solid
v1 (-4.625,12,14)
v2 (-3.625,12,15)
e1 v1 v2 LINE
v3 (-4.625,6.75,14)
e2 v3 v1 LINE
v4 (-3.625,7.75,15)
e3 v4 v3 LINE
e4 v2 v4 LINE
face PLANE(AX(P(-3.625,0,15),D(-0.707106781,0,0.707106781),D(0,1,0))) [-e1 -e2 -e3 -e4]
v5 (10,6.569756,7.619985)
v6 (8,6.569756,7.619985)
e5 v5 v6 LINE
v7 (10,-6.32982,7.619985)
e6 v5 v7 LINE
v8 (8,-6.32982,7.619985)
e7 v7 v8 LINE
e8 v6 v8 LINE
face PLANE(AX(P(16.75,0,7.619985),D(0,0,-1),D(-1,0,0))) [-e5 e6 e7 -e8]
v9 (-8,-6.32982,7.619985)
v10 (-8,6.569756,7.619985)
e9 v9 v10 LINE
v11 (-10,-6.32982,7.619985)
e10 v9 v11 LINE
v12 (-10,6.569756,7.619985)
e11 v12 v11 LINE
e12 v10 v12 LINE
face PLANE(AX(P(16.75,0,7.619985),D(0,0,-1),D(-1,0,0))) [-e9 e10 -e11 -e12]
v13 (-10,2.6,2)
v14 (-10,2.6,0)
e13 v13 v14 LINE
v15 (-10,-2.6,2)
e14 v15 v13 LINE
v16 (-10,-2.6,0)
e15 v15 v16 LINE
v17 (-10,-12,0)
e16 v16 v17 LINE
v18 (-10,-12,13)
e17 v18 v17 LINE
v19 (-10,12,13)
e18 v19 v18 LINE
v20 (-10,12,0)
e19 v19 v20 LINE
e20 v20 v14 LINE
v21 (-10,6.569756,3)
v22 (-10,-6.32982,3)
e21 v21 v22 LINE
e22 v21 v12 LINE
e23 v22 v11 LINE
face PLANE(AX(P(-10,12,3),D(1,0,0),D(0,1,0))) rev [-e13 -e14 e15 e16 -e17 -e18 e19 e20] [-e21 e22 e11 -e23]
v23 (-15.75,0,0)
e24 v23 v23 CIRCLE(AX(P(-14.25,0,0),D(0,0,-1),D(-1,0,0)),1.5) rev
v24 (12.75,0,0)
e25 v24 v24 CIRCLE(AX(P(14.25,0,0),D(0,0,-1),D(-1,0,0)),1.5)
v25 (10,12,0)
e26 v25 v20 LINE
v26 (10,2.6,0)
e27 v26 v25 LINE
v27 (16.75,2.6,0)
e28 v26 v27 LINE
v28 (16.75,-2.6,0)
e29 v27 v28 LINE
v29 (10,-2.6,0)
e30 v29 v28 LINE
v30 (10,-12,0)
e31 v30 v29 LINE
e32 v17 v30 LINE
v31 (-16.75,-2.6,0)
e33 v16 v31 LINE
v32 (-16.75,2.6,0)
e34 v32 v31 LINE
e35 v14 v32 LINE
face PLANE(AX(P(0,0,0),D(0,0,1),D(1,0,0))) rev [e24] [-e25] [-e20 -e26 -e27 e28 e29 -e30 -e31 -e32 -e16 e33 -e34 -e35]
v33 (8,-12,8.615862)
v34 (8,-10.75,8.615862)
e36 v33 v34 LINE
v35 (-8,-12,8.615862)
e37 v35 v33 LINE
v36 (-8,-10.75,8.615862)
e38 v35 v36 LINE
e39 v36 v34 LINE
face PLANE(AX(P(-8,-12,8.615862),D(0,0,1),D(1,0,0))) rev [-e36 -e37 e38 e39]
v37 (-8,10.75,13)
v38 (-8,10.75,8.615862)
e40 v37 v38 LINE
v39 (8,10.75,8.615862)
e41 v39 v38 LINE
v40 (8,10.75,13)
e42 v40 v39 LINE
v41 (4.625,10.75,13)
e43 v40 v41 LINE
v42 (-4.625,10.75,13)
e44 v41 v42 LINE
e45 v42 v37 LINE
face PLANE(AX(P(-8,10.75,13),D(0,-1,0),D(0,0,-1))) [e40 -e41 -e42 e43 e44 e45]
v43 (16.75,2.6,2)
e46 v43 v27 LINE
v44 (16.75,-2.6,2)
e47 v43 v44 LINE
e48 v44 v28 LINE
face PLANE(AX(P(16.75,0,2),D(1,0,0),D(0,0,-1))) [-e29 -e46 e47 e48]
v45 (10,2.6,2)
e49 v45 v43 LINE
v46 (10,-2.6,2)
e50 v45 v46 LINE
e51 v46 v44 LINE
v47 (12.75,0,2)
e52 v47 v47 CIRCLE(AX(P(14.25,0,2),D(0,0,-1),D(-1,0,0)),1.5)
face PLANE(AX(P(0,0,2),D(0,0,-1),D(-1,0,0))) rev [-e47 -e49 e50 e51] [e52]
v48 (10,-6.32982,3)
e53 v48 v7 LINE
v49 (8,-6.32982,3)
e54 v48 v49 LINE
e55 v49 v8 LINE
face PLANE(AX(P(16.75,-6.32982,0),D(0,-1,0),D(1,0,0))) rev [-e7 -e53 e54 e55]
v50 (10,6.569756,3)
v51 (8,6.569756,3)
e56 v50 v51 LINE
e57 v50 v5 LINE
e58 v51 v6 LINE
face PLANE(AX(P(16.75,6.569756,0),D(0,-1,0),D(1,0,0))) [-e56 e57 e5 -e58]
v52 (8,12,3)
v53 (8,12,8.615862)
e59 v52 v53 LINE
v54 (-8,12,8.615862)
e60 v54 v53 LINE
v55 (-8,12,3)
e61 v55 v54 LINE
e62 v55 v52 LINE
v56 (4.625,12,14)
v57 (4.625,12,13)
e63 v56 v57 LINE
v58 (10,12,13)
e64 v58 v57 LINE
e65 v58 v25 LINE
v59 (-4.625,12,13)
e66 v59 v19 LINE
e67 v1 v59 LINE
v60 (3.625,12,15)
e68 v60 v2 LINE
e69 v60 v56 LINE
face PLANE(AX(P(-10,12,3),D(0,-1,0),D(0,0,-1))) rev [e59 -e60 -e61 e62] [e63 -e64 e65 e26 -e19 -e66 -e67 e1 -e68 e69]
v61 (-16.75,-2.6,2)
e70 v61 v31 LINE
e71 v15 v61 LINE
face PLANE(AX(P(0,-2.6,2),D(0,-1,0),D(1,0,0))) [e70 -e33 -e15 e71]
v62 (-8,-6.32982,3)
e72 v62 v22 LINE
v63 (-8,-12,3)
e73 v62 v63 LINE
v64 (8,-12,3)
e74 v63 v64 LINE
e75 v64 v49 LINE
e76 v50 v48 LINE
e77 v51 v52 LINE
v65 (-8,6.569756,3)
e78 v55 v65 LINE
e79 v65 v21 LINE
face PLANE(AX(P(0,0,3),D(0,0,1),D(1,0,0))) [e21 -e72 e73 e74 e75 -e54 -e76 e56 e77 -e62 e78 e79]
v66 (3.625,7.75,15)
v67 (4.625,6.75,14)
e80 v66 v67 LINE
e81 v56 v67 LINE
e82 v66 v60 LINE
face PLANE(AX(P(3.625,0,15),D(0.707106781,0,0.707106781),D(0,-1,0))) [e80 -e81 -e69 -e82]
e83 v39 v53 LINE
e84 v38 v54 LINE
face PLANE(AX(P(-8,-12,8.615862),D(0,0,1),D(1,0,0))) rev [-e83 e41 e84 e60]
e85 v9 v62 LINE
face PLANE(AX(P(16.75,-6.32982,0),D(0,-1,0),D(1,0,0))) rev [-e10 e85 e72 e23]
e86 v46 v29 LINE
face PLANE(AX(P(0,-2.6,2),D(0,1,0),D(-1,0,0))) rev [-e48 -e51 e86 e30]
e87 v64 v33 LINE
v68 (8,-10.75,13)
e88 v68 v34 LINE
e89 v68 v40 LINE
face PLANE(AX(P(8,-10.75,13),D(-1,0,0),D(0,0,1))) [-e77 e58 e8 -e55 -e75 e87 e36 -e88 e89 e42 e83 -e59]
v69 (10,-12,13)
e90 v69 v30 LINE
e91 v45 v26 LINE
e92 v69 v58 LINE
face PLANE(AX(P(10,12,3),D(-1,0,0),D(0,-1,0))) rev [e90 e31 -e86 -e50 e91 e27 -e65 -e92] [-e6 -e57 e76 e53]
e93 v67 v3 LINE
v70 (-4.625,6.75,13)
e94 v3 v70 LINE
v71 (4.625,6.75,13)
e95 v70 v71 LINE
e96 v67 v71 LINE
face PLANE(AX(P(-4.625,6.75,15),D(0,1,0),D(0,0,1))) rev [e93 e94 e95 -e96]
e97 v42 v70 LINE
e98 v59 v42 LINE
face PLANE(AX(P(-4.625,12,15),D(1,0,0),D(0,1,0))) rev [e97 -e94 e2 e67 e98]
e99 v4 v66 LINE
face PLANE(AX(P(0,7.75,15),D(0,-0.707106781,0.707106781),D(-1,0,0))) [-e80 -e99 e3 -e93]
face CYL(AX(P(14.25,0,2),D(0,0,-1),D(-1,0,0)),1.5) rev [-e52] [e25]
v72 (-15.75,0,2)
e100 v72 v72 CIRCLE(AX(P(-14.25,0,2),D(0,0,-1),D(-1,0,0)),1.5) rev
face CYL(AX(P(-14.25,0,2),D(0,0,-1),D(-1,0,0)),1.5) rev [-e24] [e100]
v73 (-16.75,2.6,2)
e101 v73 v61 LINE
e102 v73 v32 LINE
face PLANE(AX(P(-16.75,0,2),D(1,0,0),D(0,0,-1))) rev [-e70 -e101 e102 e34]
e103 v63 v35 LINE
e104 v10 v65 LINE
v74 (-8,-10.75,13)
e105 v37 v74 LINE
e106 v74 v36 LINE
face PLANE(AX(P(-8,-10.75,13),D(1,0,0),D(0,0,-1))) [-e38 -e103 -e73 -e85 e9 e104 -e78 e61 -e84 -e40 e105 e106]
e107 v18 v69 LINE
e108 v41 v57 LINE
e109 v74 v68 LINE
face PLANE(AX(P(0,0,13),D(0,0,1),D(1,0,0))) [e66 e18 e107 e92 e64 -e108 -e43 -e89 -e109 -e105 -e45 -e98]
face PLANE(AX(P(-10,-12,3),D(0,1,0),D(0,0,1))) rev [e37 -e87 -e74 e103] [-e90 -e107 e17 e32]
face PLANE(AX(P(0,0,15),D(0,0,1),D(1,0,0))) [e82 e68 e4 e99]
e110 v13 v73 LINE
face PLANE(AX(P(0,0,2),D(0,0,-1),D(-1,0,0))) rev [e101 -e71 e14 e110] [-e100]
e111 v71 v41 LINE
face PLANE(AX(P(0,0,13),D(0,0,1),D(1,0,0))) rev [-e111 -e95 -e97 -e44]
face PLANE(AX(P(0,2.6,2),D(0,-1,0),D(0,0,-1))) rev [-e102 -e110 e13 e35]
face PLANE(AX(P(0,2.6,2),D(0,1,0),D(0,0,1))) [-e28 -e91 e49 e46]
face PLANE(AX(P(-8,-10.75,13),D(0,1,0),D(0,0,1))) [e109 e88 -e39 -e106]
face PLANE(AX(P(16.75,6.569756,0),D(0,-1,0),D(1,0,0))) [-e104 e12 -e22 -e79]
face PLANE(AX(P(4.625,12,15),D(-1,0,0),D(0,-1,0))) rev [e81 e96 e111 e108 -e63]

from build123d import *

# Parameters (mm, degrees)
SKETCH1_W           = 20
SKETCH1_H           = 24
BOSS_EXTRUDE1_DEPTH = 3
SKETCH2_W           = 20
SKETCH2_H           = 24
SKETCH2_W_2         = 16
SKETCH2_H_2         = 21.5
BOSS_EXTRUDE2_DEPTH = 10
SKETCH3_W           = 9.25
SKETCH3_H           = 5.25
BOSS_EXTRUDE3_DEPTH = 2
CHAMFER1_SIZE       = 1
SKETCH4_W           = 6.75
SKETCH4_H           = 5.2
SKETCH4_R           = 1.5
BOSS_EXTRUDE4_DEPTH = 2
SKETCH5_W           = 16
SKETCH5_H           = 5.615862193
CUT_EXTRUDE1_DEPTH  = 33.887117539
SKETCH6_W           = 4.619985453
SKETCH6_H           = 12.899576223
CUT_EXTRUDE4_DEPTH  = 33.932696519


with BuildPart() as part:
    # Sketch1 → Boss-Extrude1 (new body)
    with BuildSketch(Plane.XY):
        Rectangle(SKETCH1_W, SKETCH1_H)
    extrude(amount=BOSS_EXTRUDE1_DEPTH)

    # Sketch2 → Boss-Extrude2 (add)
    with BuildSketch(Plane.XY.offset(3)):
        Rectangle(SKETCH2_W, SKETCH2_H)
        Rectangle(SKETCH2_W_2, SKETCH2_H_2, mode=Mode.SUBTRACT)
    extrude(amount=BOSS_EXTRUDE2_DEPTH)

    # Sketch3 → Boss-Extrude3 (add)
    with BuildSketch(Plane.XY.offset(13)):
        with Locations((0, 9.375)):
            Rectangle(SKETCH3_W, SKETCH3_H)
    extrude(amount=BOSS_EXTRUDE3_DEPTH)

    # Chamfer1
    chamfer1_edges = [part.edges().sort_by_distance(p)[0] for p in [
        (-4.625, 9.375, 15),
        (0, 6.75, 15),
        (4.625, 9.375, 15),
    ]]
    chamfer(chamfer1_edges, length=CHAMFER1_SIZE)

    # Sketch4 → Boss-Extrude4 (add)
    # profile 1 of 2: a face of its own
    with BuildSketch(Plane(origin=(0, 0, 0), x_dir=(-1, 0, 0), z_dir=(0, 0, -1))):
        with Locations((-13.375, 0)):
            Rectangle(SKETCH4_W, SKETCH4_H)
        with Locations((-14.25, 0)):
            Circle(SKETCH4_R, mode=Mode.SUBTRACT)
    # profile 2 of 2: a face of its own
    with BuildSketch(Plane(origin=(0, 0, 0), x_dir=(-1, 0, 0), z_dir=(0, 0, -1))):
        with Locations((13.375, 0)):
            Rectangle(SKETCH4_W, SKETCH4_H)
        with Locations((14.25, 0)):
            Circle(SKETCH4_R, mode=Mode.SUBTRACT)
    extrude(amount=-BOSS_EXTRUDE4_DEPTH)

    # Sketch5 → Cut-Extrude1 (cut, through all)
    with BuildSketch(Plane(origin=(0, 12, 0), x_dir=(1, 0, 0), z_dir=(0, 1, 0))):
        with Locations((0, -5.807931096)):
            Rectangle(SKETCH5_W, SKETCH5_H)
    extrude(amount=-CUT_EXTRUDE1_DEPTH, mode=Mode.SUBTRACT)

    # Sketch6 → Cut-Extrude4 (cut, through all)
    with BuildSketch(Plane.ZY.offset(10)):
        with Locations((5.309992727, 0.119967863)):
            Rectangle(SKETCH6_W, SKETCH6_H)
    extrude(amount=-CUT_EXTRUDE4_DEPTH, mode=Mode.SUBTRACT)


solid = part.part
